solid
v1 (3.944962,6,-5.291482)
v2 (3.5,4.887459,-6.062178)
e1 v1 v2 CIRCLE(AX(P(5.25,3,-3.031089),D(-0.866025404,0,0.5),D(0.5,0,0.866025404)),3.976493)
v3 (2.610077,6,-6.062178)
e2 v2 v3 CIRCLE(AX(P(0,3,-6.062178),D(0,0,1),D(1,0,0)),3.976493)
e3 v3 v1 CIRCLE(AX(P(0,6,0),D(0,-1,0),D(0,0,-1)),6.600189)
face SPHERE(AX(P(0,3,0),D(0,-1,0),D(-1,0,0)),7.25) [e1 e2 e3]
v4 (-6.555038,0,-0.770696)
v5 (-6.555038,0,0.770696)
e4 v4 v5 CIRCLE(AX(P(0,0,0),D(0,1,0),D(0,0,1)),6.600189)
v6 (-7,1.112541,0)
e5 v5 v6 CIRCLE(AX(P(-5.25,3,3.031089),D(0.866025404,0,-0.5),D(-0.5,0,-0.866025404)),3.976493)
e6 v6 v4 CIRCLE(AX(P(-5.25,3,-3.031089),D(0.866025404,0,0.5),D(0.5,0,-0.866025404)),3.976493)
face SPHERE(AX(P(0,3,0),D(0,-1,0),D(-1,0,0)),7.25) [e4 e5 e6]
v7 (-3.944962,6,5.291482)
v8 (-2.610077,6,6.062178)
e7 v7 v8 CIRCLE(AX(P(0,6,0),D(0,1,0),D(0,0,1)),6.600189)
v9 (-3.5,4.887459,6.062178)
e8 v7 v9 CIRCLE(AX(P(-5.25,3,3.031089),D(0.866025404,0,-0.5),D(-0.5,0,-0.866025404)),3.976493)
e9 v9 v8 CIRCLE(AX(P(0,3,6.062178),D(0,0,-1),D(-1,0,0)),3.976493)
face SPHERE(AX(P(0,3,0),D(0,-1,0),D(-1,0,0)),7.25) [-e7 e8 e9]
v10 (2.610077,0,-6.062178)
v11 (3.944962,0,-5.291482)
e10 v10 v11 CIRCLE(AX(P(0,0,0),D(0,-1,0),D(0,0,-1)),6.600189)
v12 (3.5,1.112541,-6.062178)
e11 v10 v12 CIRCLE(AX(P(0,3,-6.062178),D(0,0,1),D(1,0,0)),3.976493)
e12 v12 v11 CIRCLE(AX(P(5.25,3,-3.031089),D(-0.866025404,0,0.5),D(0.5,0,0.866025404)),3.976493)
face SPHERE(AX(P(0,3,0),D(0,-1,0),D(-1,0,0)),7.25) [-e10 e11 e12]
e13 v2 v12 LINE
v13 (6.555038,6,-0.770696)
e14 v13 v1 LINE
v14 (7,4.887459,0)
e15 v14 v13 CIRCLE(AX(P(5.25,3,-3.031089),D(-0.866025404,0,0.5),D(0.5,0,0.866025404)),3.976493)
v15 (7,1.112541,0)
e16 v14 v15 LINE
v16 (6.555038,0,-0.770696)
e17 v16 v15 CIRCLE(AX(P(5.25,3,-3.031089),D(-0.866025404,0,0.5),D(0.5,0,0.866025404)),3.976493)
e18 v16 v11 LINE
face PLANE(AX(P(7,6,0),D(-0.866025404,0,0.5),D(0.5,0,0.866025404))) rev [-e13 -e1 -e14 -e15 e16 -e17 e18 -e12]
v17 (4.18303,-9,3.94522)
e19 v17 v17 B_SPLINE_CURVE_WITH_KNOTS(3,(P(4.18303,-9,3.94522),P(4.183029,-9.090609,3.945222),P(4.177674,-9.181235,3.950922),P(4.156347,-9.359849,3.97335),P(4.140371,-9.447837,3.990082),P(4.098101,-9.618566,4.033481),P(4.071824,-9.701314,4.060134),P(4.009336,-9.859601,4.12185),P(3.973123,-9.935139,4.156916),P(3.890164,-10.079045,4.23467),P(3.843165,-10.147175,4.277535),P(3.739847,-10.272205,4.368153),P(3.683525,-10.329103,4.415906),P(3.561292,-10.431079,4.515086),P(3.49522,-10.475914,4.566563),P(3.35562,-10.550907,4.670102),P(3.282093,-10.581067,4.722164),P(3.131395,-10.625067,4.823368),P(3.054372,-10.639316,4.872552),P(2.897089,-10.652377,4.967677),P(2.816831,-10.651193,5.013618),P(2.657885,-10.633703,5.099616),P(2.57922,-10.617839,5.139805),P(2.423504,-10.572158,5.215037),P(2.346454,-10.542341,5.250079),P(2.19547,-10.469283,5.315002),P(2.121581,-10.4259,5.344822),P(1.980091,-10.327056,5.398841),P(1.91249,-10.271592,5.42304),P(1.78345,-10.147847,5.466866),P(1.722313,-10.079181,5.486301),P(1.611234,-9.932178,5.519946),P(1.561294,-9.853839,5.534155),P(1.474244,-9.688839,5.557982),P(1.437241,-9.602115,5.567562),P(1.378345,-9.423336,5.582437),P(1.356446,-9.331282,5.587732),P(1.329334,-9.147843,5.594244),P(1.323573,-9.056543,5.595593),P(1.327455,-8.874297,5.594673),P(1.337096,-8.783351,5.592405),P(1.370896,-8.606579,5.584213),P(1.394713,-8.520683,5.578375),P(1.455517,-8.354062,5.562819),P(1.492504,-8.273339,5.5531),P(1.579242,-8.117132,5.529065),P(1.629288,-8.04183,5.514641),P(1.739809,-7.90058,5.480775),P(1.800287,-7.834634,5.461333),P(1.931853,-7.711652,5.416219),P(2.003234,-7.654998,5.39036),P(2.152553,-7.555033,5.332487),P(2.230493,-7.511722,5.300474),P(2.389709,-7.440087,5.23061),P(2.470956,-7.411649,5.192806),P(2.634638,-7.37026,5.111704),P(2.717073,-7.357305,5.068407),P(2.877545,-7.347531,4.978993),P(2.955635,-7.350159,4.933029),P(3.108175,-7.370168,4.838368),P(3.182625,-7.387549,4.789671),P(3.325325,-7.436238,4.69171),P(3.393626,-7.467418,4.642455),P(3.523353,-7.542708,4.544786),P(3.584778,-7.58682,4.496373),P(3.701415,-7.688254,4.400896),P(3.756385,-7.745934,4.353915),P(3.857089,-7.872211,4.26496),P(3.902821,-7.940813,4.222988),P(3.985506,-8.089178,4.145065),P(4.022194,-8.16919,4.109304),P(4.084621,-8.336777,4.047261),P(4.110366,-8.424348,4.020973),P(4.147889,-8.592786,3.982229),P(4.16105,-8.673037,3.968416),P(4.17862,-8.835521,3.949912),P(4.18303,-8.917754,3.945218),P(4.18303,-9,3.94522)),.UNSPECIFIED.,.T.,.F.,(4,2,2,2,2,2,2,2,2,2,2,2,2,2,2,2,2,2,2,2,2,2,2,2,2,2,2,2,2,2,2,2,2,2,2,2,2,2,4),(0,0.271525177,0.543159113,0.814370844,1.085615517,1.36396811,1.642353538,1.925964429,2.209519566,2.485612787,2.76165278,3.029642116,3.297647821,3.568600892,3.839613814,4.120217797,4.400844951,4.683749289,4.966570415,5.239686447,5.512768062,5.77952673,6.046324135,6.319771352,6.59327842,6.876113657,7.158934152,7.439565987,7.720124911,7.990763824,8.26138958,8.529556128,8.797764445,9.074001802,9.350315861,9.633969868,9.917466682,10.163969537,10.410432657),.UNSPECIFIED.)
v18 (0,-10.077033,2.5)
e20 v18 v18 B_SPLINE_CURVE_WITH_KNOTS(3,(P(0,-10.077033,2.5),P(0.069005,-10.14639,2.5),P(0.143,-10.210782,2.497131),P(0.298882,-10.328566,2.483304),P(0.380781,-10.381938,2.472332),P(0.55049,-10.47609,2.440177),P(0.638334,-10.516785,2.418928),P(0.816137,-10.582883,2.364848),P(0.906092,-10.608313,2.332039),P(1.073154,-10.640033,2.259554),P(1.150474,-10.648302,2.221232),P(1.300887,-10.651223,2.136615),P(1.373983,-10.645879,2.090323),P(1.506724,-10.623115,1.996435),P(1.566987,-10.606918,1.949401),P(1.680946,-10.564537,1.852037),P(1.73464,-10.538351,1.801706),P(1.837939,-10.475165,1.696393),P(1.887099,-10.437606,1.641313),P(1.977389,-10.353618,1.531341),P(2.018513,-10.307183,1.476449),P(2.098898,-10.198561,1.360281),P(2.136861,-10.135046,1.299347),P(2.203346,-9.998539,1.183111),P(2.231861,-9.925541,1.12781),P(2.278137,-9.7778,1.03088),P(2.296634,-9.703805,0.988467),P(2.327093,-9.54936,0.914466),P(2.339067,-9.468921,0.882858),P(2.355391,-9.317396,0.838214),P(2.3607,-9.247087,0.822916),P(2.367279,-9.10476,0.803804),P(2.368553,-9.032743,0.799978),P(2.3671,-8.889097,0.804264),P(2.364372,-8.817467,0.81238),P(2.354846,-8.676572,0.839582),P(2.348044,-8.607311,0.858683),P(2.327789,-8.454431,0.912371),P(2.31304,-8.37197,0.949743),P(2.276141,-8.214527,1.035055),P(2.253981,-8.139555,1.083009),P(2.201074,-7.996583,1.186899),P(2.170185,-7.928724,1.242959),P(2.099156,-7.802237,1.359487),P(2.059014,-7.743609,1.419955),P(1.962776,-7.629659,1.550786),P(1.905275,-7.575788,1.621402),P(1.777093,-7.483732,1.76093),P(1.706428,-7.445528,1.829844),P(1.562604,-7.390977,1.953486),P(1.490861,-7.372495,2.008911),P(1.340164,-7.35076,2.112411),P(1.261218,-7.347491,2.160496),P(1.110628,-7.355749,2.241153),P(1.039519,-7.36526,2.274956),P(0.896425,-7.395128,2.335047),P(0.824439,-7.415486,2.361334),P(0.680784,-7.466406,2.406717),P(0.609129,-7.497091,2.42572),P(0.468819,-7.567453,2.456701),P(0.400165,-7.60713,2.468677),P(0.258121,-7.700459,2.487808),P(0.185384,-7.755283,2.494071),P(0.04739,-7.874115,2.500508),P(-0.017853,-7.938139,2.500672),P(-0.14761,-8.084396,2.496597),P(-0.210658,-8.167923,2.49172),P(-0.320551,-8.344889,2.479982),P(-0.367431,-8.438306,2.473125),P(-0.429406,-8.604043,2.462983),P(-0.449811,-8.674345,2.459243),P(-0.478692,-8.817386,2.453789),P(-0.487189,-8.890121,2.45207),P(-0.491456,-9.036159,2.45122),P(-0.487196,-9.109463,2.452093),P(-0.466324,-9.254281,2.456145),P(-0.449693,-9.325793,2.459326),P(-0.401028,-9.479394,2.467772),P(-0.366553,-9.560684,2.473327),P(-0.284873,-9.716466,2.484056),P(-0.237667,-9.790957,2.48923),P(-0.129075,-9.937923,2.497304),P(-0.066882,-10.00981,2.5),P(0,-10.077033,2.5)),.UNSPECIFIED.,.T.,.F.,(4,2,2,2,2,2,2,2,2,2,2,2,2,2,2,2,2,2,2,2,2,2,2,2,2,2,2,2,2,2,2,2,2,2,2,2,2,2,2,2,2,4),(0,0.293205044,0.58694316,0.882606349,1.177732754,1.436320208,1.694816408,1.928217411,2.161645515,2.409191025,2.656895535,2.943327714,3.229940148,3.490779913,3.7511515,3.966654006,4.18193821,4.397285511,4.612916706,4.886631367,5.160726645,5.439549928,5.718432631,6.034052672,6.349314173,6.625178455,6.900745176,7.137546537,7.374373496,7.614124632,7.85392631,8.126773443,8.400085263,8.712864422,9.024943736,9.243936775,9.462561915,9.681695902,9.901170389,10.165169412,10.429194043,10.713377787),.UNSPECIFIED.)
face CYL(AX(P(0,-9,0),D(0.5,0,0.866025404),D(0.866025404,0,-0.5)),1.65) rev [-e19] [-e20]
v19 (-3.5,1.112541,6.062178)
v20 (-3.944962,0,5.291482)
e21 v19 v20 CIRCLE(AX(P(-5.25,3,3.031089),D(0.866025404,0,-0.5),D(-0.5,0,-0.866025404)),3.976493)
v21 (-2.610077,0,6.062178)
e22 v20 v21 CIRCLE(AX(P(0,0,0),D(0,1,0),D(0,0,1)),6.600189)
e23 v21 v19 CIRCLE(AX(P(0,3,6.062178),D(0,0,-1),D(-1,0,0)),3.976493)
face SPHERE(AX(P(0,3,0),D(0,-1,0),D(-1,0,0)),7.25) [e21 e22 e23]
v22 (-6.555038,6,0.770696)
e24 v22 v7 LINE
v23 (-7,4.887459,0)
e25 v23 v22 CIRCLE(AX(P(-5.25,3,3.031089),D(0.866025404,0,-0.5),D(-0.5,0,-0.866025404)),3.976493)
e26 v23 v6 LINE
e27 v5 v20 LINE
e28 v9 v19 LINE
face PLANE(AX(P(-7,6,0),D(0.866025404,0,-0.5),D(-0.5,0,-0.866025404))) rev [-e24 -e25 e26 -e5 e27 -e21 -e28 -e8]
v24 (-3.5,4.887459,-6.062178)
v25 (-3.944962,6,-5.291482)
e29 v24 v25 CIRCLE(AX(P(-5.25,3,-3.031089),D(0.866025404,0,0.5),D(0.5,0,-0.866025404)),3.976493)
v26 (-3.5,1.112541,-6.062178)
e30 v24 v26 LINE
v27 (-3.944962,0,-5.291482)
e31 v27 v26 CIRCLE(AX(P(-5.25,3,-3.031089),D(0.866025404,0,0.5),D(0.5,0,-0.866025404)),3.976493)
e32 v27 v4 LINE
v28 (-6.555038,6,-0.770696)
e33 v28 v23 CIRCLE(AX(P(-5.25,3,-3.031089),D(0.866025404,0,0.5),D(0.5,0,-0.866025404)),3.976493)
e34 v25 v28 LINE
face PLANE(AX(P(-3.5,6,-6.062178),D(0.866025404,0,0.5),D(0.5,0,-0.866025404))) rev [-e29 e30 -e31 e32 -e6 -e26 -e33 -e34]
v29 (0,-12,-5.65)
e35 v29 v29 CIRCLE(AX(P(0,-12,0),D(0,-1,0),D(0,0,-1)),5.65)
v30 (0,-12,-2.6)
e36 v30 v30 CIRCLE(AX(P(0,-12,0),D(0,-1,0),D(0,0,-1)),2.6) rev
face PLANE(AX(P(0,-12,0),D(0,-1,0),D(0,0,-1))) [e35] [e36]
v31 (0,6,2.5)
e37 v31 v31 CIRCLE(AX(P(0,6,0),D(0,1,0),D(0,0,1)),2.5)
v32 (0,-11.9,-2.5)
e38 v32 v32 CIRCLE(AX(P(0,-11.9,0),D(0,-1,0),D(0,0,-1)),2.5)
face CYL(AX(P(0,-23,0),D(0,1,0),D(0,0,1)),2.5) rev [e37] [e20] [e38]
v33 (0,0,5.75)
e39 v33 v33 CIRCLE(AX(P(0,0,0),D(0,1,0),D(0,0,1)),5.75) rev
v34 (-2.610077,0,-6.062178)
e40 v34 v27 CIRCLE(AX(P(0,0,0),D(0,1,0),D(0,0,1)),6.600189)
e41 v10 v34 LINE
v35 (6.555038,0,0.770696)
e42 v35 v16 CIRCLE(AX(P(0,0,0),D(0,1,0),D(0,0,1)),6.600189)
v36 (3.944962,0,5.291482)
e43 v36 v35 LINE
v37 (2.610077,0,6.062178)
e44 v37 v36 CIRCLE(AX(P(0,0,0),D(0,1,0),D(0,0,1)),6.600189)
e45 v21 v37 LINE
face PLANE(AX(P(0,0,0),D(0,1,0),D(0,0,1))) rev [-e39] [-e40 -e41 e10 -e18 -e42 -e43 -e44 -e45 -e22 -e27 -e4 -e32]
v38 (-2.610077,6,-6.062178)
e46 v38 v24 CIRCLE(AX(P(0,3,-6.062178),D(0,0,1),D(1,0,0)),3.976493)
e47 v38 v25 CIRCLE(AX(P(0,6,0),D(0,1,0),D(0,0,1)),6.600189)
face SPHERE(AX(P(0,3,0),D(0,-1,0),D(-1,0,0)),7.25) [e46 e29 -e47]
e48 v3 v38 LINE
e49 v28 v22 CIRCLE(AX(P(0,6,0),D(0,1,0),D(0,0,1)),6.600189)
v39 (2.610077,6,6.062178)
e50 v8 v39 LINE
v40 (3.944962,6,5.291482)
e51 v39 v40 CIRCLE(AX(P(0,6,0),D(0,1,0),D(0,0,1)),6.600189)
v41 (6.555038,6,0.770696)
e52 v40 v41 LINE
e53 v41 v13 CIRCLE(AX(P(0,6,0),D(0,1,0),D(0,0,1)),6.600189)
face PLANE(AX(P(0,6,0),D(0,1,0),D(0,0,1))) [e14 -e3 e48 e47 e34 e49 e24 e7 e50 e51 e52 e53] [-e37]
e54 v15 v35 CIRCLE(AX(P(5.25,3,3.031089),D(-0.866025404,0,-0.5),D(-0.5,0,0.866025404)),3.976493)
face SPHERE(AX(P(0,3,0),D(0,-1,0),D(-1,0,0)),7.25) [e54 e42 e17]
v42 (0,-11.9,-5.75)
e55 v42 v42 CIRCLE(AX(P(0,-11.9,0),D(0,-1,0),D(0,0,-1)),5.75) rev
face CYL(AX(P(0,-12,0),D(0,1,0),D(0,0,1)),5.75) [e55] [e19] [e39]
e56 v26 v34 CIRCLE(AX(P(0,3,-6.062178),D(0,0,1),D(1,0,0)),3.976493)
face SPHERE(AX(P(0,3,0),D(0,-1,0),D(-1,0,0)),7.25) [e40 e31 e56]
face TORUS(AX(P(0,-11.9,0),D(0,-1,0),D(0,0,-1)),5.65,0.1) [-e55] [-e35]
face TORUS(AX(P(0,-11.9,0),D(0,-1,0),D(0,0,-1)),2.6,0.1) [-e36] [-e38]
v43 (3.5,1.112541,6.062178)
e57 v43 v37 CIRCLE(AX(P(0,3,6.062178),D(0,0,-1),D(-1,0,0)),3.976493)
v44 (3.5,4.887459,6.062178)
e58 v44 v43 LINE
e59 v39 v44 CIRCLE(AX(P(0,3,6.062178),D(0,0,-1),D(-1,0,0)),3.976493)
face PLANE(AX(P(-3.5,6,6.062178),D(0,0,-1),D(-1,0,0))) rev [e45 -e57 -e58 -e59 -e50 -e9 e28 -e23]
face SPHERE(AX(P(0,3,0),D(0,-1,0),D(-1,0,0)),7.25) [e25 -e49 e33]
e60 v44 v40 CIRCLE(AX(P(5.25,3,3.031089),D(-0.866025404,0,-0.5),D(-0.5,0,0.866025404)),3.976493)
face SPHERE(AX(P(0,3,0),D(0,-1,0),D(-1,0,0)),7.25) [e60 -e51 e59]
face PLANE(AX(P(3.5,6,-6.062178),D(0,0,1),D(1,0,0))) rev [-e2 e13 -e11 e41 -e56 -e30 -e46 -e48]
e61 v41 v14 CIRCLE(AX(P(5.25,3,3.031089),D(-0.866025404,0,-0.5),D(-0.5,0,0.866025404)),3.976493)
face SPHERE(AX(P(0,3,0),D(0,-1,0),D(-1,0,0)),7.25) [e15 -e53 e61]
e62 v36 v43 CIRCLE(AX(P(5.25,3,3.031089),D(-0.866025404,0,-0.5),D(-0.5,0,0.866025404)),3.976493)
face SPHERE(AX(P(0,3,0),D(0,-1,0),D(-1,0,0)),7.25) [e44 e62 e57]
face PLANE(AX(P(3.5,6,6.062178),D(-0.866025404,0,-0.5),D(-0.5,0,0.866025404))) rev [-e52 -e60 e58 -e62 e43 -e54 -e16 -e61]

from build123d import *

# Parameters (mm, degrees)
EXTRUDE_1_DEPTH     = 6
SKETCH_2_R          = 5.75
EXTRUDE_2_DEPTH     = 12
SKETCH_3_R          = 2.5
CUT_EXTRUDE_1_DEPTH = 29
SKETCH_5_R          = 1.65
CUT_EXTRUDE_2_DEPTH = 3.5
FILLET_2_R          = 0.1


with BuildPart() as part:
    # 草图1 → 凸台-拉伸1 (new body)
    with BuildSketch(Plane(origin=(0, 0, 0), x_dir=(1, 0, 0), z_dir=(0, 1, 0))):
        Polygon((-3.5, -6.062177826), (3.5, -6.062177826), (7, 0), (3.5, 6.062177826), (-3.5, 6.062177826), (-7, 0), align=None)
    extrude(amount=EXTRUDE_1_DEPTH)

    # 草图2 → 凸台-拉伸2 (add)
    with BuildSketch(Plane.XZ):
        Circle(SKETCH_2_R)
    extrude(amount=EXTRUDE_2_DEPTH)

    # 草图3 → 切除-拉伸1 (cut)
    with BuildSketch(Plane(origin=(0, 6, 0), x_dir=(1, 0, 0), z_dir=(0, 1, 0))):
        Circle(SKETCH_3_R)
    extrude(amount=-CUT_EXTRUDE_1_DEPTH, mode=Mode.SUBTRACT)

    # 草图4 → 切除-旋转1 (revolve, cut)
    with BuildSketch(Plane.XY):
        with BuildLine():
            Line((-7, 0), (-6.600189391, 0))
            ThreePointArc((-6.600189391, 0), (-6.822809169, 0.548107865), (-7, 1.112541391))
            Line((-7, 1.112541391), (-7, 0))
        make_face()
        with BuildLine():
            Line((-7, 6), (-7, 4.887458609))
            ThreePointArc((-7, 4.887458609), (-6.822809169, 5.451892135), (-6.600189391, 6))
            Line((-6.600189391, 6), (-7, 6))
        make_face()
    revolve(axis=Axis((0, -23, 0), (0, 1, 0)), mode=Mode.SUBTRACT)

    # 草图5 → 切除-拉伸2 (cut, symmetric)
    with BuildSketch(Plane(origin=(1.75, 0, 3.031088913), x_dir=(0.866025404, 0, -0.5), z_dir=(0.5, 0, 0.866025404))):
        with Locations((0, -9)):
            Circle(SKETCH_5_R)
    extrude(amount=CUT_EXTRUDE_2_DEPTH, both=True, mode=Mode.SUBTRACT)

    # 圆角2
    fillet_2_edges = [part.edges().sort_by_distance(p)[0] for p in [
        (-5.75, -12, 0),
        (-2.5, -12, 0),
    ]]
    fillet(fillet_2_edges, radius=FILLET_2_R)


solid = part.part
